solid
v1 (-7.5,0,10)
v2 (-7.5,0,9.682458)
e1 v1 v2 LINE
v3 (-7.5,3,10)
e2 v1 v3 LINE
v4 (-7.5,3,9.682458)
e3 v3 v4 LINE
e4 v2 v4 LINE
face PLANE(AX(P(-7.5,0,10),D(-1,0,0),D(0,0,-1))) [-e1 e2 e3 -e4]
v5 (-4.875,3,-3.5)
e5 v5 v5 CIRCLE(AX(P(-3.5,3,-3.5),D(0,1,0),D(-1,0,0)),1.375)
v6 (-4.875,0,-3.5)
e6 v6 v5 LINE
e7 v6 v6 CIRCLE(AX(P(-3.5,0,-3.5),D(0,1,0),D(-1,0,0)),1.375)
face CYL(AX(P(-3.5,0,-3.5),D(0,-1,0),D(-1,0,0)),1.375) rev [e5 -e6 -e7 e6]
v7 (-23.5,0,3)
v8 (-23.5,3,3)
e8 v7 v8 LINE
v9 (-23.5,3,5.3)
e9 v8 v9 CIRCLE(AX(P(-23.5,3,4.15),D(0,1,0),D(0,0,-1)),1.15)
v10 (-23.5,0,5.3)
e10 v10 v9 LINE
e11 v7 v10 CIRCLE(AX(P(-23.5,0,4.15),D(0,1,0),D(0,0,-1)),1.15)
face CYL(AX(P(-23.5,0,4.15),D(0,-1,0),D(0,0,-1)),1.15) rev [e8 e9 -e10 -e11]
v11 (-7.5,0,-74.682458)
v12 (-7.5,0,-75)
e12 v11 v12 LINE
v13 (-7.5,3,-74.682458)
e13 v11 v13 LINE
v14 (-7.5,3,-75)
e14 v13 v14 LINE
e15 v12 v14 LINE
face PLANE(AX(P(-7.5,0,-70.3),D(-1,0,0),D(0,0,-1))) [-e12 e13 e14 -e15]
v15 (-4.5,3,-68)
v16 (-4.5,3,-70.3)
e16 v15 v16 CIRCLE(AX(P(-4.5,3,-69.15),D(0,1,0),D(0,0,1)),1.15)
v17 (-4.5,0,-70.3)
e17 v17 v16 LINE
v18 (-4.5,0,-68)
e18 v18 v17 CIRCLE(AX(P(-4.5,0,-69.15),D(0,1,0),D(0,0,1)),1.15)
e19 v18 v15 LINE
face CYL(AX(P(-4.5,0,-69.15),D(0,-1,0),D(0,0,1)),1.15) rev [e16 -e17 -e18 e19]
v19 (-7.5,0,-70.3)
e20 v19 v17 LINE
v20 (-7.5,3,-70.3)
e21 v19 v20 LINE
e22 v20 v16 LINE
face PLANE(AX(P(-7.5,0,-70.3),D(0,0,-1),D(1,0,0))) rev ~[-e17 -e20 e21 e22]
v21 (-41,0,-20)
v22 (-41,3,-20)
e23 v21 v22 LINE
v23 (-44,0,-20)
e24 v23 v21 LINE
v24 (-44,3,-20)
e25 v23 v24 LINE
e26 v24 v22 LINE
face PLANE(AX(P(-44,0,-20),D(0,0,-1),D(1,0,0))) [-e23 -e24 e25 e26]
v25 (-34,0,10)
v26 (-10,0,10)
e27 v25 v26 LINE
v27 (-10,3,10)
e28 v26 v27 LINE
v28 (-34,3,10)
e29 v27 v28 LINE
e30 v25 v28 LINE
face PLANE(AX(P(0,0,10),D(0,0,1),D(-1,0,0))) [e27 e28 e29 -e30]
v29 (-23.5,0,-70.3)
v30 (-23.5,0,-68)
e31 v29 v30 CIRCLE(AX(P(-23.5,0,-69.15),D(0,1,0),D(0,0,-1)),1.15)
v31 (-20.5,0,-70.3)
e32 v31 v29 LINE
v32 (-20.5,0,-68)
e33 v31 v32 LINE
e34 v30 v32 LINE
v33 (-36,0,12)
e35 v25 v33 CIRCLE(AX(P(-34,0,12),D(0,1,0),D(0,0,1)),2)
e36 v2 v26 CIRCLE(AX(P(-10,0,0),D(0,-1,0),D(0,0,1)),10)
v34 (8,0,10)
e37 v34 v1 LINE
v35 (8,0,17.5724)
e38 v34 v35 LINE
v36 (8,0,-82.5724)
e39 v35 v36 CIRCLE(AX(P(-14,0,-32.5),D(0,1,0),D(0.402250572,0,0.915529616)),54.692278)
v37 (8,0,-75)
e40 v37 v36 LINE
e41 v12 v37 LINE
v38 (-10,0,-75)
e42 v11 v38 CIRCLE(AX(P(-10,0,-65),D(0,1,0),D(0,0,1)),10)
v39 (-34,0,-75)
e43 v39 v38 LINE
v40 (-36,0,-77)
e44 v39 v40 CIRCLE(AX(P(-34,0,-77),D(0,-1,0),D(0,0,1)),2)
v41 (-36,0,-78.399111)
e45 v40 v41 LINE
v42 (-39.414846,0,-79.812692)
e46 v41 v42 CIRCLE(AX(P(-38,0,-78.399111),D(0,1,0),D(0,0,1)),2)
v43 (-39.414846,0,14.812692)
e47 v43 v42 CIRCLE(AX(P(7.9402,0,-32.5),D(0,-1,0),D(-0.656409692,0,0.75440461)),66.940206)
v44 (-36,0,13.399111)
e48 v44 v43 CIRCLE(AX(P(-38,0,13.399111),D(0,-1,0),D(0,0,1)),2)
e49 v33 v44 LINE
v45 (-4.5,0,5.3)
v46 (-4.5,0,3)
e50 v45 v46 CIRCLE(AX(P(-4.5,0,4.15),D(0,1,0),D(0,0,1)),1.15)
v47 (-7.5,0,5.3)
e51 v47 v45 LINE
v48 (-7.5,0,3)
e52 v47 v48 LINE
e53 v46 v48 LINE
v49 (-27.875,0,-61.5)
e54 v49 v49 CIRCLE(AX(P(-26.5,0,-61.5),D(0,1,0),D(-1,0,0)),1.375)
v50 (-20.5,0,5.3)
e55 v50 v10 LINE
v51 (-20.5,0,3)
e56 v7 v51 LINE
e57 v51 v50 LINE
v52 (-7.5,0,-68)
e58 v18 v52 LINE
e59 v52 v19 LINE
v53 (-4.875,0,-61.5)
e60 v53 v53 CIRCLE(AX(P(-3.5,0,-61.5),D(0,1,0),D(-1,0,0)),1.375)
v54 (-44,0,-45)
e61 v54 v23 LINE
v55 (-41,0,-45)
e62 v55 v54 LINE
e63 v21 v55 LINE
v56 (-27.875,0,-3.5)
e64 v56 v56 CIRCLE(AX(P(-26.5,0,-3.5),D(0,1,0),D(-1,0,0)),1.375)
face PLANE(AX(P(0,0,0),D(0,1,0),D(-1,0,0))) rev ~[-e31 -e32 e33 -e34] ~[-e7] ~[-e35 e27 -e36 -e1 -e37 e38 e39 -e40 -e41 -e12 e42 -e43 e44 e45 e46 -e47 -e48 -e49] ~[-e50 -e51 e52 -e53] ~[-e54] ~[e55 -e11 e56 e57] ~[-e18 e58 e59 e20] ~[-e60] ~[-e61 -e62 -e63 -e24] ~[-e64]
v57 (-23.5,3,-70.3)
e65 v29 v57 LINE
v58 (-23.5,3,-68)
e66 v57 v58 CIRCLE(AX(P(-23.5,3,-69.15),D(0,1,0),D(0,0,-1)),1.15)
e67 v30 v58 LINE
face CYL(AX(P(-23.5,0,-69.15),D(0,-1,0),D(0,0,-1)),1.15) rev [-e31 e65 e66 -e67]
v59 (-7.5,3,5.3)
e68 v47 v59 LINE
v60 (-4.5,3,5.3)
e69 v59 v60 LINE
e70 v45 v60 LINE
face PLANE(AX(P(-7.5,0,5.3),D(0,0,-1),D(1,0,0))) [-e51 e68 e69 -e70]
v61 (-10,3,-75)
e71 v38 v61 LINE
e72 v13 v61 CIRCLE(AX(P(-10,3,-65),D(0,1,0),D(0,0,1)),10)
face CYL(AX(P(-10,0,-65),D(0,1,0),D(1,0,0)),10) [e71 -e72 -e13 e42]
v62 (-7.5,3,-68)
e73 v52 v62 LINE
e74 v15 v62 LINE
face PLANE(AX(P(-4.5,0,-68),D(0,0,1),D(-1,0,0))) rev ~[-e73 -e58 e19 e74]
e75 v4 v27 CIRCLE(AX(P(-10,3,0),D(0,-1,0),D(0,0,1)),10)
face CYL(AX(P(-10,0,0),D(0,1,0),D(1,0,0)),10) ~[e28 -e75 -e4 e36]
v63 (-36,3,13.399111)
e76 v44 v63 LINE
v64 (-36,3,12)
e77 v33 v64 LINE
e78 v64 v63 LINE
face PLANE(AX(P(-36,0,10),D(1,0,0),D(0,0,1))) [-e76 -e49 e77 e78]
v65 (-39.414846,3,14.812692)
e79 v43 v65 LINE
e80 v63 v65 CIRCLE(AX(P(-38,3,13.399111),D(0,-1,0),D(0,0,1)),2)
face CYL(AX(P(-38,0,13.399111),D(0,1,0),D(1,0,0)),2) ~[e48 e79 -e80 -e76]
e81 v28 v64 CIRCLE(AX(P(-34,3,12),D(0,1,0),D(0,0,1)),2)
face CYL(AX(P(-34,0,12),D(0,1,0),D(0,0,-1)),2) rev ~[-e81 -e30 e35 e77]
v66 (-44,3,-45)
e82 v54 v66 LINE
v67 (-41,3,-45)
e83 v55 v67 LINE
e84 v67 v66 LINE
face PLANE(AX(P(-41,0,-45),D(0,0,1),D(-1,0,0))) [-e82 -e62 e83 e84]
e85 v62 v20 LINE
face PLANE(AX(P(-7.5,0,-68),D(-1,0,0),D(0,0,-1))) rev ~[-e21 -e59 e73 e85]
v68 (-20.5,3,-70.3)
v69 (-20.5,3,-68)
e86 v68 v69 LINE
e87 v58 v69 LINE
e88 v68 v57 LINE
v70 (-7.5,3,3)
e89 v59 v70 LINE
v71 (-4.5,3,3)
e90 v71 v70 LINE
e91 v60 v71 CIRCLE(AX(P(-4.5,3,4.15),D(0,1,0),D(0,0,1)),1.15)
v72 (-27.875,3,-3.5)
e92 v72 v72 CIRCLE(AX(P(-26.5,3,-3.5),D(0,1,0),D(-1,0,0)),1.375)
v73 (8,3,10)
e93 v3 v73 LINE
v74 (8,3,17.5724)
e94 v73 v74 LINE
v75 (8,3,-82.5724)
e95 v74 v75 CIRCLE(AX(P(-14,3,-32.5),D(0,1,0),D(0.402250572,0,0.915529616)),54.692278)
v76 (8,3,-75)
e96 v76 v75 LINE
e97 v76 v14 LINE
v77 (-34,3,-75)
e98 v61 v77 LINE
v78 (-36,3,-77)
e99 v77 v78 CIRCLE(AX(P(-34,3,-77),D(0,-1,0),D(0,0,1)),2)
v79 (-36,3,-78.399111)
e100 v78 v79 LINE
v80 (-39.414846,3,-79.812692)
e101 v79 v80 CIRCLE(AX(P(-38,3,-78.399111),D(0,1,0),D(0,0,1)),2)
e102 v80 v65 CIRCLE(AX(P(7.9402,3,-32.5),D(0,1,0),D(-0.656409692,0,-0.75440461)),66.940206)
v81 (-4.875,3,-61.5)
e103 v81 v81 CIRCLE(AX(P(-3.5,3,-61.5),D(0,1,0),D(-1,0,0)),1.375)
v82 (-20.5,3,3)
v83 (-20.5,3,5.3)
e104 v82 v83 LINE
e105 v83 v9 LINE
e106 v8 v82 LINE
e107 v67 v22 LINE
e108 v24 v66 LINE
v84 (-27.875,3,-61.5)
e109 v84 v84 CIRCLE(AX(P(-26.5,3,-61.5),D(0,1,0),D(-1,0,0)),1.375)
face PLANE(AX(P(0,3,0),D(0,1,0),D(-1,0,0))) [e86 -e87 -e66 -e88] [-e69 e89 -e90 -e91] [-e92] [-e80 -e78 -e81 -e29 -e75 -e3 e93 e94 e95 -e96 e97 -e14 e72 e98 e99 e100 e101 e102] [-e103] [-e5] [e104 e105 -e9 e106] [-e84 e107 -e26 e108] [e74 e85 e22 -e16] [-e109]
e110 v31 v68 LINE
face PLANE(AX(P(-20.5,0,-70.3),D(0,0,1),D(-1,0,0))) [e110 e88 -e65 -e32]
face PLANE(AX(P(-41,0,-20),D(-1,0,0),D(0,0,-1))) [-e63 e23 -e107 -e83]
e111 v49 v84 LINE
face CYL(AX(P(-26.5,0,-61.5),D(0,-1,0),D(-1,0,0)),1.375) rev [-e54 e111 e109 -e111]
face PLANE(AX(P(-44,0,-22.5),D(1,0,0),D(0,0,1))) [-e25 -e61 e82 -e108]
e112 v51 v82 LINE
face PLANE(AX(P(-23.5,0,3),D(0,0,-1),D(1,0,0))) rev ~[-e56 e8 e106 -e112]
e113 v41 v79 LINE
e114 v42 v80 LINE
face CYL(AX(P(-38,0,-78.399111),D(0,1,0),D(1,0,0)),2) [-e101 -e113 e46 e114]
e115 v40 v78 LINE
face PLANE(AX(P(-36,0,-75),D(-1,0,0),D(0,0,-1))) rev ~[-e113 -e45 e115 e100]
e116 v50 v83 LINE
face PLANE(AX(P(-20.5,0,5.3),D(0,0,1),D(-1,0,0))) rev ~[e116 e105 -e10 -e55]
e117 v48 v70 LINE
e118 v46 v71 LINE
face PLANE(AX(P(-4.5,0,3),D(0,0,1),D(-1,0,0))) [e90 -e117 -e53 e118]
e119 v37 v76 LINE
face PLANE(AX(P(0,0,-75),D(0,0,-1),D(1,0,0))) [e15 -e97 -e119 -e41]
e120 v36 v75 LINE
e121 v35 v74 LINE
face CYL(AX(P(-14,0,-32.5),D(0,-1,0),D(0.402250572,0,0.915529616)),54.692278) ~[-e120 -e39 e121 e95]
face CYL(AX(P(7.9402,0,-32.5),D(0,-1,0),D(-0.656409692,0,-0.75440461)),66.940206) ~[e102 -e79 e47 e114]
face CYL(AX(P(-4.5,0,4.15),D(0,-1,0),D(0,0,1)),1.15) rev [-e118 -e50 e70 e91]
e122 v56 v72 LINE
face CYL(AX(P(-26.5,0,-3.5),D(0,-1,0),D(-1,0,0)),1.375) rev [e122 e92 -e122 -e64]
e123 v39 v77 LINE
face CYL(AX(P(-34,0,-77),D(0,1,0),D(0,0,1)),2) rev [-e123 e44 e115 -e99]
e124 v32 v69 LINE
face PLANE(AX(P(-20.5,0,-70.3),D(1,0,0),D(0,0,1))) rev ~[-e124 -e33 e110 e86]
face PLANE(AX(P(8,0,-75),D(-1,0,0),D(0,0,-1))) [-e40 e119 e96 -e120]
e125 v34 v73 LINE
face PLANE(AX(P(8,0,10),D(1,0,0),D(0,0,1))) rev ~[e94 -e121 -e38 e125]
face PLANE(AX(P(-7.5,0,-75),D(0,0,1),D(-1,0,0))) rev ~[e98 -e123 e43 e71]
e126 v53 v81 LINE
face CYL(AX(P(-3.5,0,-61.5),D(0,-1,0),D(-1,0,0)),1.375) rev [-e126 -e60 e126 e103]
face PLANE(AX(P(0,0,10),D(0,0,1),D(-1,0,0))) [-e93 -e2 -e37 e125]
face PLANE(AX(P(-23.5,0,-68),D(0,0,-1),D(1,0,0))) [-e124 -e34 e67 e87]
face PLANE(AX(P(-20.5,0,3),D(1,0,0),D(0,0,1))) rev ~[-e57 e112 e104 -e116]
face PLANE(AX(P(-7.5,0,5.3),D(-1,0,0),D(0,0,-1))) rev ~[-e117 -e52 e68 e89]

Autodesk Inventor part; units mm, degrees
ref_plane "YZ Plane" through (0, 0, 0) normal (1, 0, 0) x (0, 1, 0)
ref_plane "XZ Plane" through (0, 0, 0) normal (0, 1, 0) x (-1, 0, 0)
ref_plane "XY Plane" through (0, 0, 0) normal (0, 0, 1) x (1, 0, 0)
sketch "Boceto1" plane through (0, 0, 0) normal (0, 1, 0) x (-1, 0, 0)
  line L0 (3, 0) -> (33, 0)
  line L1 (36, -3) -> (36, -62)
  line L2 (33, -65) -> (3, -65)
  line L3 (0, -62) -> (0, -3)
  circle A0 centre (3.5, -61.5) radius 1.375
  arc A1 (36, -3) -> (33, 0) centre (33, -3) ccw
  arc A2 (3, 0) -> (0, -3) centre (3, -3) ccw
  arc A3 (0, -62) -> (3, -65) centre (3, -62) ccw
  arc A4 (33, -65) -> (36, -62) centre (33, -62) ccw
  circle A5 centre (26.5, -61.5) radius 1.375
  circle A6 centre (3.5, -3.5) radius 1.375
  circle A7 centre (26.5, -3.5) radius 1.375
  line L4 (36, 0) -> (0, 0)
  line L5 (0, 0) -> (0, 10)
  line L6 (0, 10) -> (36, 10)
  line L7 (36, 10) -> (36, 0)
  line L8 (36, -65) -> (0, -65)
  line L9 (0, -65) -> (0, -75)
  line L10 (0, -75) -> (36, -75)
  line L11 (36, -75) -> (36, -65)
  line L12 (7.5, 0) -> (20.5, 0)
  line L13 (20.5, 0) -> (20.5, 10)
  line L14 (20.5, 10) -> (7.5, 10)
  line L15 (7.5, 10) -> (7.5, 0)
  line L16 (7.5, 0) -> (20.5, 10) construction
  line L17 (20.5, 0) -> (7.5, 10) construction
  line L18 (7.5, -75) -> (20.5, -75)
  line L19 (20.5, -75) -> (20.5, -65)
  line L20 (20.5, -65) -> (7.5, -65)
  line L21 (7.5, -65) -> (7.5, -75)
  line L22 (7.5, -75) -> (20.5, -65) construction
  line L23 (20.5, -75) -> (7.5, -65) construction
  line L24 (36, -32.5) -> (0, -32.5)
  line L25 (36, 0) -> (36, -3)
  line L26 (0, 0) -> (0, -3)
  line L27 (0, -62) -> (0, -65)
  line L28 (36, -62) -> (36, -65)
  line L29 (36, -22.5) -> (49, -22.5)
  line L30 (49, -22.5) -> (49, -42.5)
  line L31 (49, -42.5) -> (36, -42.5)
  line L32 (36, -42.5) -> (36, -22.5)
  arc A8 (49, -42.5) -> (49, -22.5) centre (49, -32.5) ccw
  line L33 (20.5, 5.3) -> (23.5, 5.3)
  line L34 (23.5, 5.3) -> (23.5, 3)
  line L35 (23.5, 3) -> (20.5, 3)
  line L36 (20.5, 3) -> (20.5, 5.3)
  arc A9 (23.5, 3) -> (23.5, 5.3) centre (23.5, 4.15) ccw
  line L37 (14, 0) -> (14, -65)
  line L38 (7.5, 5.3) -> (4.5, 5.3)
  line L39 (4.5, 5.3) -> (4.5, 3)
  line L40 (4.5, 3) -> (7.5, 3)
  line L41 (7.5, 3) -> (7.5, 5.3)
  arc A10 (4.5, 5.3) -> (4.5, 3) centre (4.5, 4.15) ccw
  line L42 (20.5, -70.3) -> (23.5, -70.3)
  line L43 (23.5, -70.3) -> (23.5, -68)
  line L44 (23.5, -68) -> (20.5, -68)
  line L45 (20.5, -68) -> (20.5, -70.3)
  arc A11 (23.5, -70.3) -> (23.5, -68) centre (23.5, -69.15) ccw
  line L46 (4.5, -68) -> (7.5, -68)
  arc A12 (4.5, -68) -> (4.5, -70.3) centre (4.5, -69.15) ccw
  line L47 (7.5, -70.3) -> (4.5, -70.3)
  line L48 (4.5, -70.3) -> (4.5, -68)
  line L49 (7.5, -68) -> (7.5, -70.3)
  line L50 (36, 0) -> (49, 0)
  line L51 (49, 0) -> (49, -65)
  line L52 (49, -65) -> (36, -65)
  line L53 (36, -65) -> (36, 0)
  line L54 (44, -20) -> (41, -20)
  line L55 (41, -20) -> (41, -45)
  line L56 (41, -45) -> (44, -45)
  line L57 (44, -45) -> (44, -20)
  line L58 (36, 10) -> (36, 18)
  line L59 (36, -75) -> (36, -83)
  arc A13 (36, -83) -> (36, 18) centre (-7.9402, -32.5) ccw
  line L60 (0, -75) -> (-8, -75)
  line L61 (-8, -75) -> (-8, 10)
  line L62 (-8, 10) -> (0, 10)
  line L63 (0, 10) -> (0, -75)
  line L64 (-8, 10) -> (-8, 17.5724)
  line L65 (-8, -75) -> (-8, -82.5724)
  arc A14 (-8, 17.5724) -> (-8, -82.5724) centre (14, -32.5) ccw
  circle A15 centre (118.6884, -49.4222) radius 60
  point P0 (14, 5)
  point P1 (14, -70)
  point P2 (36, -42.5)
  point P3 (7.5, -70.3)
  point P4 (20.5, -70.3)
  point P5 (7.5, 5.3)
  point P6 (20.5, 3)
  point P7 (44, -32.5)
  point P8 (36, -65)
  point P9 (44, -42.5)
  point P10 (41, -42.5)
  point P11 (41, -22.5)
  point P12 (44, -22.5)
  point P13 (49, -22.5)
  point P14 (59, -32.5)
  dimension "d0" = 36
  dimension "d1" = 65
  dimension "d2" = 2.75
  dimension "d3" = 3
  dimension "d4" = 3
  dimension "d5" = 3
  dimension "d6" = 3
  dimension "d7" = 3.5
  dimension "d8" = 3.5
  dimension "d11" = 23
  dimension "d14" = 58
  dimension "d17" = 10
  dimension "d18" = 10
  dimension "d19" = 13
  dimension "d20" = 10
  dimension "d21" = 13
  dimension "d22" = 10
  dimension "d26" = 7.5
  dimension "d30" = 20
  dimension "d31" = 13
  dimension "d32" = 3
  dimension "d33" = 2.3
  dimension "d34" = 3
  dimension "d35" = 1.15
  dimension "d36" = 13
  dimension "d37" = 3
  dimension "d38" = 25
  dimension "d39" = 5
  dimension "d42" = 8
  dimension "d43" = 8
  dimension "d46" = 8
  dimension "d47" = 54.6923
  dimension "d50" = 120
extrude "Extrusión1" add sketch "Boceto1" along normal blind 3 contours L4 L5 L6 L15 L38 A10 L40 L0 | L0 L37 L24 L3 A2 | A2 L26 L4 | L15 L6 L13 L0 | L0 A1 L1 L24 L37 | L24 L37 L2 A3 L3 | L13 L35 A9 L33 L6 L7 L4 L0 | L24 L1 A4 L2 L37 | A3 L8 L27 | L4 L25 A1 | L1 L29 L55 L31 | L2 L19 L10 L21 | L2 L21 L46 A12 L47 L10 L9 L8 | L25 L50 L51 L29 L57 L54 L55 L1 | L7 L58 A13 A8 L51 L50 | L31 L55 L56 L57 L51 L52 L28 L1 | L2 L8 L11 L10 L19 L42 A11 L44 | L29 L57 L31 L55 | L28 L8 A4 | L30 L31 L57 L29 | A8 L30 | L52 L51 A8 A13 L59 L11
fillet "Empalme1" radius 10 2 edges at (0, 1.5, -75) (0, 1.5, 10)
extrude "Extrusión2" cut sketch "Boceto1" along normal blind 3 contours L29 L57 L31 L55
fillet "Empalme2" radius 2 4 edges at (-36, 1.5, -83) (-36, 1.5, 18) (-36, 1.5, 10) (-36, 1.5, -75)
extrude "Extrusión3" add sketch "Boceto1" along normal blind 3 contours L4 L5 L6 L15 L38 A10 L40 L0 | L3 L27 L9 L60 L61 L62 L5 L26 | L61 L65 A14 L64 | L2 L21 L46 A12 L47 L10 L9 L8
equation "\"d18\" = d17"
equation "\"d21\" = d19"
equation "\"d22\" = d20"
equation "\"d36\" = d31"
properties part number "Parte inferior 2"
